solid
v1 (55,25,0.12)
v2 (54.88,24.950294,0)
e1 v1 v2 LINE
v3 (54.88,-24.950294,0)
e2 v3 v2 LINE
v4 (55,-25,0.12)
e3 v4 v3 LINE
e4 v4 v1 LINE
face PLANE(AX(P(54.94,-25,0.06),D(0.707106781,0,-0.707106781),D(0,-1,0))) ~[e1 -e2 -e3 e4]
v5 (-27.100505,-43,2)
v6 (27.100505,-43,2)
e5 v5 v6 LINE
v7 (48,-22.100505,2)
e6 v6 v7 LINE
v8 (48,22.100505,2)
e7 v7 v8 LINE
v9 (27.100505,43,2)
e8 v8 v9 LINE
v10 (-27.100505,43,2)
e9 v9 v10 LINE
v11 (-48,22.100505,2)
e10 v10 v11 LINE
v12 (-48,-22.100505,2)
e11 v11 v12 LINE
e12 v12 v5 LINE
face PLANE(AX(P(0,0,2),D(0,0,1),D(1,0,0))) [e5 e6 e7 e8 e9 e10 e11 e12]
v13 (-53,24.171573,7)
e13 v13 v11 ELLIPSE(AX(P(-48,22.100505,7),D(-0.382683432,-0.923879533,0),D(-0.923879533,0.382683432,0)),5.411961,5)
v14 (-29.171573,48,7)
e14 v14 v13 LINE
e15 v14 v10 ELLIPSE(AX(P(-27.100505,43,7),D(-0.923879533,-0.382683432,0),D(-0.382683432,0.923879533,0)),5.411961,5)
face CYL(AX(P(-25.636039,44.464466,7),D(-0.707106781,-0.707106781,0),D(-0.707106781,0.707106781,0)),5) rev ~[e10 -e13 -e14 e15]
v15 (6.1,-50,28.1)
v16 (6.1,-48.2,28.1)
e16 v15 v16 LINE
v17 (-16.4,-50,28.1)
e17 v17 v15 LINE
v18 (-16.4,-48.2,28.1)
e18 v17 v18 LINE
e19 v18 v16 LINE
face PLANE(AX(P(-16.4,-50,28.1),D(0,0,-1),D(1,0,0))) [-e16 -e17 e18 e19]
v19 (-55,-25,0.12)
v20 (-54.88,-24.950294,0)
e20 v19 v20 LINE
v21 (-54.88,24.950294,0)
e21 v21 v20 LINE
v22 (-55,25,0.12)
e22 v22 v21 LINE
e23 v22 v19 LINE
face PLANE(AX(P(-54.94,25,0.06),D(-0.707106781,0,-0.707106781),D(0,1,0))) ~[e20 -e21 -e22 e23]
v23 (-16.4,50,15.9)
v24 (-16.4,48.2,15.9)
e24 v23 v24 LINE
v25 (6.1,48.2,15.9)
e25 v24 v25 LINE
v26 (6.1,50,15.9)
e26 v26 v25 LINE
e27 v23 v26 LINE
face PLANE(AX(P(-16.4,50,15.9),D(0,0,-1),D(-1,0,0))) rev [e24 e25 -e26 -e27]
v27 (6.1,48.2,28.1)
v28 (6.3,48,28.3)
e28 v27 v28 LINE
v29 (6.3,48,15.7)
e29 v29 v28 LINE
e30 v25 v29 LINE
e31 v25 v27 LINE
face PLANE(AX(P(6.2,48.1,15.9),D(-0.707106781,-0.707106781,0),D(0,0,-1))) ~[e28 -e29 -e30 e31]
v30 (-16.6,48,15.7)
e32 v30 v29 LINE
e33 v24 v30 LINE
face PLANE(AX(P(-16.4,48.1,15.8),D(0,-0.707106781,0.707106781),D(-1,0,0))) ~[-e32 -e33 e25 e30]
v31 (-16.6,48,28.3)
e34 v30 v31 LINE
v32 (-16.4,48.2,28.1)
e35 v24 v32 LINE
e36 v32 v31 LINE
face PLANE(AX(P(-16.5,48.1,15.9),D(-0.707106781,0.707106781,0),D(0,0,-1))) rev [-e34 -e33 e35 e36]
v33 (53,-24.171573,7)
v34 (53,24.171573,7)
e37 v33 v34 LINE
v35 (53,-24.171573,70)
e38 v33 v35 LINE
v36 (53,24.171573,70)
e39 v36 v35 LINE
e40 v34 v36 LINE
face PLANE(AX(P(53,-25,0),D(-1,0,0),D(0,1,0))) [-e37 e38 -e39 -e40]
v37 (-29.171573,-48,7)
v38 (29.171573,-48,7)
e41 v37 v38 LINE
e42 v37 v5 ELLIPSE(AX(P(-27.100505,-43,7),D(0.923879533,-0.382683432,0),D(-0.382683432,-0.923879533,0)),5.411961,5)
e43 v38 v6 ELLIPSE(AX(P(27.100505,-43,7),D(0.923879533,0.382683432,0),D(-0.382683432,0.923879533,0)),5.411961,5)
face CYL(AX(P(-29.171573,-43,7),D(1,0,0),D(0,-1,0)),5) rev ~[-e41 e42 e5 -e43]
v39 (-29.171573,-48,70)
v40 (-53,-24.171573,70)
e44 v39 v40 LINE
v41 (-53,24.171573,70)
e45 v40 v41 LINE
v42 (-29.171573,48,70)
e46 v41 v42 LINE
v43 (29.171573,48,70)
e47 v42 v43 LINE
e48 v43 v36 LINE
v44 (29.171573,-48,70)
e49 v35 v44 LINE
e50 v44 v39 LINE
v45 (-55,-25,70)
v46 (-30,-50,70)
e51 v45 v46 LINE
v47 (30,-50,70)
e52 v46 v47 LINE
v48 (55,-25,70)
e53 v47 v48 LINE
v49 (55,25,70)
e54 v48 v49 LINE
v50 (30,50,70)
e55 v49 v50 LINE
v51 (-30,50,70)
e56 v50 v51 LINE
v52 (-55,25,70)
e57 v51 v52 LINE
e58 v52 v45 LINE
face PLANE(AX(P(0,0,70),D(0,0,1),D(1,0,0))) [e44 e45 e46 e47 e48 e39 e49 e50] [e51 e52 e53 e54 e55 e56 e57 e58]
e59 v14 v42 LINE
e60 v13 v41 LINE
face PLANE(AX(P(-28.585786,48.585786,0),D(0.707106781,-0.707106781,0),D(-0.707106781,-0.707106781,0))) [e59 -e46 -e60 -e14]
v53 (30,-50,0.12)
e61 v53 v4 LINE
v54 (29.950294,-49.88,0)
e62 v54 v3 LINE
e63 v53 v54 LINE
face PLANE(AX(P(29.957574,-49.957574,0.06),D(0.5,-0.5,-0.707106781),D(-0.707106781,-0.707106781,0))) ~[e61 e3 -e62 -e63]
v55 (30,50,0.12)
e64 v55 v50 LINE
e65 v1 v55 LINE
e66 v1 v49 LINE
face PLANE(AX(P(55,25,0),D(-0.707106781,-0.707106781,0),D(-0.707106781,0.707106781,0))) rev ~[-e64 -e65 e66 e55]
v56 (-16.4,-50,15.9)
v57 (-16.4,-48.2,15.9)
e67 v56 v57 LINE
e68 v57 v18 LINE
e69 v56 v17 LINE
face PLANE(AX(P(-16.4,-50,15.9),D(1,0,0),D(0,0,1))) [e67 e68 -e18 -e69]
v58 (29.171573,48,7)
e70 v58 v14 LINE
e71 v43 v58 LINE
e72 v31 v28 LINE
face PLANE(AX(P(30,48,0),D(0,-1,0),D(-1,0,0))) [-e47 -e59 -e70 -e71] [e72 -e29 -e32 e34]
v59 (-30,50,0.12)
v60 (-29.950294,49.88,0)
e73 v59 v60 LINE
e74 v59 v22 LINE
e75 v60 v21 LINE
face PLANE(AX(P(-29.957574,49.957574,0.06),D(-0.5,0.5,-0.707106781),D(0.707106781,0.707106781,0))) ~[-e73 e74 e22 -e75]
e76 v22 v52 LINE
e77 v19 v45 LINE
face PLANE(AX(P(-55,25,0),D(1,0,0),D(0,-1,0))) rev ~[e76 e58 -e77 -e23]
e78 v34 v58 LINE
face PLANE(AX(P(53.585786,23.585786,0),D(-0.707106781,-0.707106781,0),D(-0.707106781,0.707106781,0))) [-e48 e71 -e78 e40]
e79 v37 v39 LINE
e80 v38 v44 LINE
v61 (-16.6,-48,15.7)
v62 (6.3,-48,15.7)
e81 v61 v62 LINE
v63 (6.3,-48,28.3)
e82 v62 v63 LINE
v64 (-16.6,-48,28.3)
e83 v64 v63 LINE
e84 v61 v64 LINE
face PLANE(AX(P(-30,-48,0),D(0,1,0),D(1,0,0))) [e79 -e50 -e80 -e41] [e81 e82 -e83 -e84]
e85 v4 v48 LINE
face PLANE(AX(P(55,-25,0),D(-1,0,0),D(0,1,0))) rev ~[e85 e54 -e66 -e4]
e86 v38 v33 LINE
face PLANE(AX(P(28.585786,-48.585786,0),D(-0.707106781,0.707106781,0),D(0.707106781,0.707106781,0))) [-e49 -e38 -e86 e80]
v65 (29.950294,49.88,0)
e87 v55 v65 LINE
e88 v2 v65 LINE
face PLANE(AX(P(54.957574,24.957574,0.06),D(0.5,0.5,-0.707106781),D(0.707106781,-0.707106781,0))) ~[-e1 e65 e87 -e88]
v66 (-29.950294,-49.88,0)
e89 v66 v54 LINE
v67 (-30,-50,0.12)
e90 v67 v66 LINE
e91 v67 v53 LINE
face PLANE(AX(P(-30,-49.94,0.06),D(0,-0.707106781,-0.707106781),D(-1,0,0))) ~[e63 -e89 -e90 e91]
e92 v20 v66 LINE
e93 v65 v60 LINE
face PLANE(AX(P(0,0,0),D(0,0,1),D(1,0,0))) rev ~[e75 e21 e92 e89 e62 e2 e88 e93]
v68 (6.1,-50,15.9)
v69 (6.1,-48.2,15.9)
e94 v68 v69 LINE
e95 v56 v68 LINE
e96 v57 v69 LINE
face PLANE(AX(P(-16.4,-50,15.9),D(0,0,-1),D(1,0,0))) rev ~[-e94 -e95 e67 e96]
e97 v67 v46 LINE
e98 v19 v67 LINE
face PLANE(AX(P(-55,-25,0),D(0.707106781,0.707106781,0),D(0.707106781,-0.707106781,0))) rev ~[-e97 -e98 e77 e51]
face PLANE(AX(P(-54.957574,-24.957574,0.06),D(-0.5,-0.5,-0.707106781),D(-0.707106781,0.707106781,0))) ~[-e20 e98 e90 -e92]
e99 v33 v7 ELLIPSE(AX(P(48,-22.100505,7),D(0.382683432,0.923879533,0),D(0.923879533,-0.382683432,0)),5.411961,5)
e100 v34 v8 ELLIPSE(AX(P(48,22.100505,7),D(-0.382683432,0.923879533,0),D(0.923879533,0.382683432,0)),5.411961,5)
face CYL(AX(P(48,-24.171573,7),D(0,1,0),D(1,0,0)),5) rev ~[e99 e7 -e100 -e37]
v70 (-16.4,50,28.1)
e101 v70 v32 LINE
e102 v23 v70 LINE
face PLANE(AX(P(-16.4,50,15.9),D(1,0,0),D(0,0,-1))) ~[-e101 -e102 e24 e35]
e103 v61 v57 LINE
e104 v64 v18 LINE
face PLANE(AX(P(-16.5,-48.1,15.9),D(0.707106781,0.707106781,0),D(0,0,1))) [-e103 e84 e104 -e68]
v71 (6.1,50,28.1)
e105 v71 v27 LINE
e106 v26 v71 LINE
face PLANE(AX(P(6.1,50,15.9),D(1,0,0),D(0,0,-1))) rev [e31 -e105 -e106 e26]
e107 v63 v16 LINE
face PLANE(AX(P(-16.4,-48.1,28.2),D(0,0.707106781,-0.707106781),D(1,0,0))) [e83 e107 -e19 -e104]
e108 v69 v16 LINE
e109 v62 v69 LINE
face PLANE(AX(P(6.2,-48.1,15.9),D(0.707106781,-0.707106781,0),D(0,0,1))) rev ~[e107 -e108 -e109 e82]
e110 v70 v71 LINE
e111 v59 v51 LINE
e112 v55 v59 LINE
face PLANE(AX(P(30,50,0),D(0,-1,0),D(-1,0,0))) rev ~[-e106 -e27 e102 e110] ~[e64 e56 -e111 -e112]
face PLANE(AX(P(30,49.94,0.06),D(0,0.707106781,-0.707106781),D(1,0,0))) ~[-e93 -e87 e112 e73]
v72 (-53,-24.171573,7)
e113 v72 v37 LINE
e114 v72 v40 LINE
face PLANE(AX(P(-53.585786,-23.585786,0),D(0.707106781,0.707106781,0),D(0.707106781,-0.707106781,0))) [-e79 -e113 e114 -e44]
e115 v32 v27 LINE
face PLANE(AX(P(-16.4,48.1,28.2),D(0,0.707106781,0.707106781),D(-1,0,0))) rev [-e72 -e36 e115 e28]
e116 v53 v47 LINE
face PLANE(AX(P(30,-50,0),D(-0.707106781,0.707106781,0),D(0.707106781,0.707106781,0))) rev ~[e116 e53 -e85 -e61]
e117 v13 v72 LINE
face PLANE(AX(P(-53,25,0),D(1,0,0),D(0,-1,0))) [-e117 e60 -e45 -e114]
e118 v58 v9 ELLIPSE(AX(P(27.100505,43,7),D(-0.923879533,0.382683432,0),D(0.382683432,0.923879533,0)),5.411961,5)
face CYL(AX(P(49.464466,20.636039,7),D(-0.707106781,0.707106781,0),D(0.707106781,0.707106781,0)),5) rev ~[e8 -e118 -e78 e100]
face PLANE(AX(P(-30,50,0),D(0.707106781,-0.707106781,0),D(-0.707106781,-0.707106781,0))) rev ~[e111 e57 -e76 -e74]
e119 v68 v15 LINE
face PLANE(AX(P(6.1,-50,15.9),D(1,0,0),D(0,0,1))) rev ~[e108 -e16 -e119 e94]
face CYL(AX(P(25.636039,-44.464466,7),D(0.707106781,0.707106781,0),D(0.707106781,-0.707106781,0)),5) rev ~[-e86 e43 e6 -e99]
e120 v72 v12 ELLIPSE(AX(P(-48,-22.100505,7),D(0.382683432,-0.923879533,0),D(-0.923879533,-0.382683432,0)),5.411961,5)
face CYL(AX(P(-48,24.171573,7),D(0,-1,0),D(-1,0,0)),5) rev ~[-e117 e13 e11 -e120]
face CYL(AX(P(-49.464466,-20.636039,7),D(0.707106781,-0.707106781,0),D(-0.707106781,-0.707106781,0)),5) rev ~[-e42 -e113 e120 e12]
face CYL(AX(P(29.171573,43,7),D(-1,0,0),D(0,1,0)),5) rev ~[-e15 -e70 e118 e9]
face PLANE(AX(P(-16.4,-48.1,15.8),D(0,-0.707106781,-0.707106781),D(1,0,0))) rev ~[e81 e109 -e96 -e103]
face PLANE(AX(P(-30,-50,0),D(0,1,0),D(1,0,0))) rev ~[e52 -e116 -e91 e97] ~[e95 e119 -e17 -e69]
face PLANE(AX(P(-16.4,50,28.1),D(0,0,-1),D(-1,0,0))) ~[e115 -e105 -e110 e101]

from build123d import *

# Parameters (mm, degrees)
SALIENTE_EXTRUIR1_DEPTH = 70
VACIADO1_T              = -2
CORTAR_EXTRUIR1_REACH   = 135.884
CROQUIS4_W              = 22.5
CROQUIS4_H              = 12.2
REDONDEO1_R             = 5
CHAFL_N1_SIZE           = 0.12
CHAFL_N2_SIZE           = 0.2


with BuildPart() as part:
    # Croquis1 → Saliente-Extruir1 (new body)
    with BuildSketch(Plane.XY):
        Polygon((30, 50), (-30, 50), (-55, 25), (-55, -25), (-30, -50), (30, -50), (55, -25), (55, 25), align=None)
    extrude(amount=SALIENTE_EXTRUIR1_DEPTH)

    # Vaciado1
    vaciado1_openings = [part.faces().sort_by_distance(p)[0] for p in [
        (0, 0, 70),
    ]]
    offset(amount=VACIADO1_T, openings=vaciado1_openings, kind=Kind.INTERSECTION)

    # Croquis4 → Cortar-Extruir1 (cut, up to next)
    with BuildSketch(Plane.XZ.offset(50), mode=Mode.PRIVATE) as cortar_extruir1_sk1:
        with Locations((-5.15, 22)):
            Rectangle(CROQUIS4_W, CROQUIS4_H)
    cortar_extruir1_tool1 = extrude(cortar_extruir1_sk1.sketch, amount=-CORTAR_EXTRUIR1_REACH, mode=Mode.PRIVATE) & part.part
    cortar_extruir1 = cortar_extruir1_tool1.solids().sort_by_distance((-5.15, -50, 22))[0]
    add(cortar_extruir1, mode=Mode.SUBTRACT)

    # Simetría1: Cortar-Extruir1 across plane
    add(cortar_extruir1.mirror(Plane.ZX), mode=Mode.SUBTRACT)

    # Redondeo1
    redondeo1_edges = [part.edges().sort_by_distance(p)[0] for p in [
        (41.085786438, -36.085786438, 2),
        (53, 0, 2),
        (41.085786438, 36.085786438, 2),
        (0, 48, 2),
        (-41.085786438, 36.085786438, 2),
        (-53, 0, 2),
        (-41.085786438, -36.085786438, 2),
        (0, -48, 2),
    ]]
    fillet(redondeo1_edges, radius=REDONDEO1_R)

    # Chaflán1
    chafl_n1_edges = [part.edges().sort_by_distance(p)[0] for p in [
        (0, 50, 0),
        (42.5, 37.5, 0),
        (55, 0, 0),
        (42.5, -37.5, 0),
        (0, -50, 0),
        (-42.5, -37.5, 0),
        (-55, 0, 0),
        (-42.5, 37.5, 0),
    ]]
    chamfer(chafl_n1_edges, length=CHAFL_N1_SIZE)

    # Chaflán2
    chafl_n2_edges = [part.edges().sort_by_distance(p)[0] for p in [
        (-5.15, -48, 15.9),
        (6.1, -48, 22),
        (-5.15, -48, 28.1),
        (-16.4, -48, 22),
        (-5.15, 48, 28.1),
        (-16.4, 48, 22),
        (-5.15, 48, 15.9),
        (6.1, 48, 22),
    ]]
    chamfer(chafl_n2_edges, length=CHAFL_N2_SIZE)


solid = part.part
